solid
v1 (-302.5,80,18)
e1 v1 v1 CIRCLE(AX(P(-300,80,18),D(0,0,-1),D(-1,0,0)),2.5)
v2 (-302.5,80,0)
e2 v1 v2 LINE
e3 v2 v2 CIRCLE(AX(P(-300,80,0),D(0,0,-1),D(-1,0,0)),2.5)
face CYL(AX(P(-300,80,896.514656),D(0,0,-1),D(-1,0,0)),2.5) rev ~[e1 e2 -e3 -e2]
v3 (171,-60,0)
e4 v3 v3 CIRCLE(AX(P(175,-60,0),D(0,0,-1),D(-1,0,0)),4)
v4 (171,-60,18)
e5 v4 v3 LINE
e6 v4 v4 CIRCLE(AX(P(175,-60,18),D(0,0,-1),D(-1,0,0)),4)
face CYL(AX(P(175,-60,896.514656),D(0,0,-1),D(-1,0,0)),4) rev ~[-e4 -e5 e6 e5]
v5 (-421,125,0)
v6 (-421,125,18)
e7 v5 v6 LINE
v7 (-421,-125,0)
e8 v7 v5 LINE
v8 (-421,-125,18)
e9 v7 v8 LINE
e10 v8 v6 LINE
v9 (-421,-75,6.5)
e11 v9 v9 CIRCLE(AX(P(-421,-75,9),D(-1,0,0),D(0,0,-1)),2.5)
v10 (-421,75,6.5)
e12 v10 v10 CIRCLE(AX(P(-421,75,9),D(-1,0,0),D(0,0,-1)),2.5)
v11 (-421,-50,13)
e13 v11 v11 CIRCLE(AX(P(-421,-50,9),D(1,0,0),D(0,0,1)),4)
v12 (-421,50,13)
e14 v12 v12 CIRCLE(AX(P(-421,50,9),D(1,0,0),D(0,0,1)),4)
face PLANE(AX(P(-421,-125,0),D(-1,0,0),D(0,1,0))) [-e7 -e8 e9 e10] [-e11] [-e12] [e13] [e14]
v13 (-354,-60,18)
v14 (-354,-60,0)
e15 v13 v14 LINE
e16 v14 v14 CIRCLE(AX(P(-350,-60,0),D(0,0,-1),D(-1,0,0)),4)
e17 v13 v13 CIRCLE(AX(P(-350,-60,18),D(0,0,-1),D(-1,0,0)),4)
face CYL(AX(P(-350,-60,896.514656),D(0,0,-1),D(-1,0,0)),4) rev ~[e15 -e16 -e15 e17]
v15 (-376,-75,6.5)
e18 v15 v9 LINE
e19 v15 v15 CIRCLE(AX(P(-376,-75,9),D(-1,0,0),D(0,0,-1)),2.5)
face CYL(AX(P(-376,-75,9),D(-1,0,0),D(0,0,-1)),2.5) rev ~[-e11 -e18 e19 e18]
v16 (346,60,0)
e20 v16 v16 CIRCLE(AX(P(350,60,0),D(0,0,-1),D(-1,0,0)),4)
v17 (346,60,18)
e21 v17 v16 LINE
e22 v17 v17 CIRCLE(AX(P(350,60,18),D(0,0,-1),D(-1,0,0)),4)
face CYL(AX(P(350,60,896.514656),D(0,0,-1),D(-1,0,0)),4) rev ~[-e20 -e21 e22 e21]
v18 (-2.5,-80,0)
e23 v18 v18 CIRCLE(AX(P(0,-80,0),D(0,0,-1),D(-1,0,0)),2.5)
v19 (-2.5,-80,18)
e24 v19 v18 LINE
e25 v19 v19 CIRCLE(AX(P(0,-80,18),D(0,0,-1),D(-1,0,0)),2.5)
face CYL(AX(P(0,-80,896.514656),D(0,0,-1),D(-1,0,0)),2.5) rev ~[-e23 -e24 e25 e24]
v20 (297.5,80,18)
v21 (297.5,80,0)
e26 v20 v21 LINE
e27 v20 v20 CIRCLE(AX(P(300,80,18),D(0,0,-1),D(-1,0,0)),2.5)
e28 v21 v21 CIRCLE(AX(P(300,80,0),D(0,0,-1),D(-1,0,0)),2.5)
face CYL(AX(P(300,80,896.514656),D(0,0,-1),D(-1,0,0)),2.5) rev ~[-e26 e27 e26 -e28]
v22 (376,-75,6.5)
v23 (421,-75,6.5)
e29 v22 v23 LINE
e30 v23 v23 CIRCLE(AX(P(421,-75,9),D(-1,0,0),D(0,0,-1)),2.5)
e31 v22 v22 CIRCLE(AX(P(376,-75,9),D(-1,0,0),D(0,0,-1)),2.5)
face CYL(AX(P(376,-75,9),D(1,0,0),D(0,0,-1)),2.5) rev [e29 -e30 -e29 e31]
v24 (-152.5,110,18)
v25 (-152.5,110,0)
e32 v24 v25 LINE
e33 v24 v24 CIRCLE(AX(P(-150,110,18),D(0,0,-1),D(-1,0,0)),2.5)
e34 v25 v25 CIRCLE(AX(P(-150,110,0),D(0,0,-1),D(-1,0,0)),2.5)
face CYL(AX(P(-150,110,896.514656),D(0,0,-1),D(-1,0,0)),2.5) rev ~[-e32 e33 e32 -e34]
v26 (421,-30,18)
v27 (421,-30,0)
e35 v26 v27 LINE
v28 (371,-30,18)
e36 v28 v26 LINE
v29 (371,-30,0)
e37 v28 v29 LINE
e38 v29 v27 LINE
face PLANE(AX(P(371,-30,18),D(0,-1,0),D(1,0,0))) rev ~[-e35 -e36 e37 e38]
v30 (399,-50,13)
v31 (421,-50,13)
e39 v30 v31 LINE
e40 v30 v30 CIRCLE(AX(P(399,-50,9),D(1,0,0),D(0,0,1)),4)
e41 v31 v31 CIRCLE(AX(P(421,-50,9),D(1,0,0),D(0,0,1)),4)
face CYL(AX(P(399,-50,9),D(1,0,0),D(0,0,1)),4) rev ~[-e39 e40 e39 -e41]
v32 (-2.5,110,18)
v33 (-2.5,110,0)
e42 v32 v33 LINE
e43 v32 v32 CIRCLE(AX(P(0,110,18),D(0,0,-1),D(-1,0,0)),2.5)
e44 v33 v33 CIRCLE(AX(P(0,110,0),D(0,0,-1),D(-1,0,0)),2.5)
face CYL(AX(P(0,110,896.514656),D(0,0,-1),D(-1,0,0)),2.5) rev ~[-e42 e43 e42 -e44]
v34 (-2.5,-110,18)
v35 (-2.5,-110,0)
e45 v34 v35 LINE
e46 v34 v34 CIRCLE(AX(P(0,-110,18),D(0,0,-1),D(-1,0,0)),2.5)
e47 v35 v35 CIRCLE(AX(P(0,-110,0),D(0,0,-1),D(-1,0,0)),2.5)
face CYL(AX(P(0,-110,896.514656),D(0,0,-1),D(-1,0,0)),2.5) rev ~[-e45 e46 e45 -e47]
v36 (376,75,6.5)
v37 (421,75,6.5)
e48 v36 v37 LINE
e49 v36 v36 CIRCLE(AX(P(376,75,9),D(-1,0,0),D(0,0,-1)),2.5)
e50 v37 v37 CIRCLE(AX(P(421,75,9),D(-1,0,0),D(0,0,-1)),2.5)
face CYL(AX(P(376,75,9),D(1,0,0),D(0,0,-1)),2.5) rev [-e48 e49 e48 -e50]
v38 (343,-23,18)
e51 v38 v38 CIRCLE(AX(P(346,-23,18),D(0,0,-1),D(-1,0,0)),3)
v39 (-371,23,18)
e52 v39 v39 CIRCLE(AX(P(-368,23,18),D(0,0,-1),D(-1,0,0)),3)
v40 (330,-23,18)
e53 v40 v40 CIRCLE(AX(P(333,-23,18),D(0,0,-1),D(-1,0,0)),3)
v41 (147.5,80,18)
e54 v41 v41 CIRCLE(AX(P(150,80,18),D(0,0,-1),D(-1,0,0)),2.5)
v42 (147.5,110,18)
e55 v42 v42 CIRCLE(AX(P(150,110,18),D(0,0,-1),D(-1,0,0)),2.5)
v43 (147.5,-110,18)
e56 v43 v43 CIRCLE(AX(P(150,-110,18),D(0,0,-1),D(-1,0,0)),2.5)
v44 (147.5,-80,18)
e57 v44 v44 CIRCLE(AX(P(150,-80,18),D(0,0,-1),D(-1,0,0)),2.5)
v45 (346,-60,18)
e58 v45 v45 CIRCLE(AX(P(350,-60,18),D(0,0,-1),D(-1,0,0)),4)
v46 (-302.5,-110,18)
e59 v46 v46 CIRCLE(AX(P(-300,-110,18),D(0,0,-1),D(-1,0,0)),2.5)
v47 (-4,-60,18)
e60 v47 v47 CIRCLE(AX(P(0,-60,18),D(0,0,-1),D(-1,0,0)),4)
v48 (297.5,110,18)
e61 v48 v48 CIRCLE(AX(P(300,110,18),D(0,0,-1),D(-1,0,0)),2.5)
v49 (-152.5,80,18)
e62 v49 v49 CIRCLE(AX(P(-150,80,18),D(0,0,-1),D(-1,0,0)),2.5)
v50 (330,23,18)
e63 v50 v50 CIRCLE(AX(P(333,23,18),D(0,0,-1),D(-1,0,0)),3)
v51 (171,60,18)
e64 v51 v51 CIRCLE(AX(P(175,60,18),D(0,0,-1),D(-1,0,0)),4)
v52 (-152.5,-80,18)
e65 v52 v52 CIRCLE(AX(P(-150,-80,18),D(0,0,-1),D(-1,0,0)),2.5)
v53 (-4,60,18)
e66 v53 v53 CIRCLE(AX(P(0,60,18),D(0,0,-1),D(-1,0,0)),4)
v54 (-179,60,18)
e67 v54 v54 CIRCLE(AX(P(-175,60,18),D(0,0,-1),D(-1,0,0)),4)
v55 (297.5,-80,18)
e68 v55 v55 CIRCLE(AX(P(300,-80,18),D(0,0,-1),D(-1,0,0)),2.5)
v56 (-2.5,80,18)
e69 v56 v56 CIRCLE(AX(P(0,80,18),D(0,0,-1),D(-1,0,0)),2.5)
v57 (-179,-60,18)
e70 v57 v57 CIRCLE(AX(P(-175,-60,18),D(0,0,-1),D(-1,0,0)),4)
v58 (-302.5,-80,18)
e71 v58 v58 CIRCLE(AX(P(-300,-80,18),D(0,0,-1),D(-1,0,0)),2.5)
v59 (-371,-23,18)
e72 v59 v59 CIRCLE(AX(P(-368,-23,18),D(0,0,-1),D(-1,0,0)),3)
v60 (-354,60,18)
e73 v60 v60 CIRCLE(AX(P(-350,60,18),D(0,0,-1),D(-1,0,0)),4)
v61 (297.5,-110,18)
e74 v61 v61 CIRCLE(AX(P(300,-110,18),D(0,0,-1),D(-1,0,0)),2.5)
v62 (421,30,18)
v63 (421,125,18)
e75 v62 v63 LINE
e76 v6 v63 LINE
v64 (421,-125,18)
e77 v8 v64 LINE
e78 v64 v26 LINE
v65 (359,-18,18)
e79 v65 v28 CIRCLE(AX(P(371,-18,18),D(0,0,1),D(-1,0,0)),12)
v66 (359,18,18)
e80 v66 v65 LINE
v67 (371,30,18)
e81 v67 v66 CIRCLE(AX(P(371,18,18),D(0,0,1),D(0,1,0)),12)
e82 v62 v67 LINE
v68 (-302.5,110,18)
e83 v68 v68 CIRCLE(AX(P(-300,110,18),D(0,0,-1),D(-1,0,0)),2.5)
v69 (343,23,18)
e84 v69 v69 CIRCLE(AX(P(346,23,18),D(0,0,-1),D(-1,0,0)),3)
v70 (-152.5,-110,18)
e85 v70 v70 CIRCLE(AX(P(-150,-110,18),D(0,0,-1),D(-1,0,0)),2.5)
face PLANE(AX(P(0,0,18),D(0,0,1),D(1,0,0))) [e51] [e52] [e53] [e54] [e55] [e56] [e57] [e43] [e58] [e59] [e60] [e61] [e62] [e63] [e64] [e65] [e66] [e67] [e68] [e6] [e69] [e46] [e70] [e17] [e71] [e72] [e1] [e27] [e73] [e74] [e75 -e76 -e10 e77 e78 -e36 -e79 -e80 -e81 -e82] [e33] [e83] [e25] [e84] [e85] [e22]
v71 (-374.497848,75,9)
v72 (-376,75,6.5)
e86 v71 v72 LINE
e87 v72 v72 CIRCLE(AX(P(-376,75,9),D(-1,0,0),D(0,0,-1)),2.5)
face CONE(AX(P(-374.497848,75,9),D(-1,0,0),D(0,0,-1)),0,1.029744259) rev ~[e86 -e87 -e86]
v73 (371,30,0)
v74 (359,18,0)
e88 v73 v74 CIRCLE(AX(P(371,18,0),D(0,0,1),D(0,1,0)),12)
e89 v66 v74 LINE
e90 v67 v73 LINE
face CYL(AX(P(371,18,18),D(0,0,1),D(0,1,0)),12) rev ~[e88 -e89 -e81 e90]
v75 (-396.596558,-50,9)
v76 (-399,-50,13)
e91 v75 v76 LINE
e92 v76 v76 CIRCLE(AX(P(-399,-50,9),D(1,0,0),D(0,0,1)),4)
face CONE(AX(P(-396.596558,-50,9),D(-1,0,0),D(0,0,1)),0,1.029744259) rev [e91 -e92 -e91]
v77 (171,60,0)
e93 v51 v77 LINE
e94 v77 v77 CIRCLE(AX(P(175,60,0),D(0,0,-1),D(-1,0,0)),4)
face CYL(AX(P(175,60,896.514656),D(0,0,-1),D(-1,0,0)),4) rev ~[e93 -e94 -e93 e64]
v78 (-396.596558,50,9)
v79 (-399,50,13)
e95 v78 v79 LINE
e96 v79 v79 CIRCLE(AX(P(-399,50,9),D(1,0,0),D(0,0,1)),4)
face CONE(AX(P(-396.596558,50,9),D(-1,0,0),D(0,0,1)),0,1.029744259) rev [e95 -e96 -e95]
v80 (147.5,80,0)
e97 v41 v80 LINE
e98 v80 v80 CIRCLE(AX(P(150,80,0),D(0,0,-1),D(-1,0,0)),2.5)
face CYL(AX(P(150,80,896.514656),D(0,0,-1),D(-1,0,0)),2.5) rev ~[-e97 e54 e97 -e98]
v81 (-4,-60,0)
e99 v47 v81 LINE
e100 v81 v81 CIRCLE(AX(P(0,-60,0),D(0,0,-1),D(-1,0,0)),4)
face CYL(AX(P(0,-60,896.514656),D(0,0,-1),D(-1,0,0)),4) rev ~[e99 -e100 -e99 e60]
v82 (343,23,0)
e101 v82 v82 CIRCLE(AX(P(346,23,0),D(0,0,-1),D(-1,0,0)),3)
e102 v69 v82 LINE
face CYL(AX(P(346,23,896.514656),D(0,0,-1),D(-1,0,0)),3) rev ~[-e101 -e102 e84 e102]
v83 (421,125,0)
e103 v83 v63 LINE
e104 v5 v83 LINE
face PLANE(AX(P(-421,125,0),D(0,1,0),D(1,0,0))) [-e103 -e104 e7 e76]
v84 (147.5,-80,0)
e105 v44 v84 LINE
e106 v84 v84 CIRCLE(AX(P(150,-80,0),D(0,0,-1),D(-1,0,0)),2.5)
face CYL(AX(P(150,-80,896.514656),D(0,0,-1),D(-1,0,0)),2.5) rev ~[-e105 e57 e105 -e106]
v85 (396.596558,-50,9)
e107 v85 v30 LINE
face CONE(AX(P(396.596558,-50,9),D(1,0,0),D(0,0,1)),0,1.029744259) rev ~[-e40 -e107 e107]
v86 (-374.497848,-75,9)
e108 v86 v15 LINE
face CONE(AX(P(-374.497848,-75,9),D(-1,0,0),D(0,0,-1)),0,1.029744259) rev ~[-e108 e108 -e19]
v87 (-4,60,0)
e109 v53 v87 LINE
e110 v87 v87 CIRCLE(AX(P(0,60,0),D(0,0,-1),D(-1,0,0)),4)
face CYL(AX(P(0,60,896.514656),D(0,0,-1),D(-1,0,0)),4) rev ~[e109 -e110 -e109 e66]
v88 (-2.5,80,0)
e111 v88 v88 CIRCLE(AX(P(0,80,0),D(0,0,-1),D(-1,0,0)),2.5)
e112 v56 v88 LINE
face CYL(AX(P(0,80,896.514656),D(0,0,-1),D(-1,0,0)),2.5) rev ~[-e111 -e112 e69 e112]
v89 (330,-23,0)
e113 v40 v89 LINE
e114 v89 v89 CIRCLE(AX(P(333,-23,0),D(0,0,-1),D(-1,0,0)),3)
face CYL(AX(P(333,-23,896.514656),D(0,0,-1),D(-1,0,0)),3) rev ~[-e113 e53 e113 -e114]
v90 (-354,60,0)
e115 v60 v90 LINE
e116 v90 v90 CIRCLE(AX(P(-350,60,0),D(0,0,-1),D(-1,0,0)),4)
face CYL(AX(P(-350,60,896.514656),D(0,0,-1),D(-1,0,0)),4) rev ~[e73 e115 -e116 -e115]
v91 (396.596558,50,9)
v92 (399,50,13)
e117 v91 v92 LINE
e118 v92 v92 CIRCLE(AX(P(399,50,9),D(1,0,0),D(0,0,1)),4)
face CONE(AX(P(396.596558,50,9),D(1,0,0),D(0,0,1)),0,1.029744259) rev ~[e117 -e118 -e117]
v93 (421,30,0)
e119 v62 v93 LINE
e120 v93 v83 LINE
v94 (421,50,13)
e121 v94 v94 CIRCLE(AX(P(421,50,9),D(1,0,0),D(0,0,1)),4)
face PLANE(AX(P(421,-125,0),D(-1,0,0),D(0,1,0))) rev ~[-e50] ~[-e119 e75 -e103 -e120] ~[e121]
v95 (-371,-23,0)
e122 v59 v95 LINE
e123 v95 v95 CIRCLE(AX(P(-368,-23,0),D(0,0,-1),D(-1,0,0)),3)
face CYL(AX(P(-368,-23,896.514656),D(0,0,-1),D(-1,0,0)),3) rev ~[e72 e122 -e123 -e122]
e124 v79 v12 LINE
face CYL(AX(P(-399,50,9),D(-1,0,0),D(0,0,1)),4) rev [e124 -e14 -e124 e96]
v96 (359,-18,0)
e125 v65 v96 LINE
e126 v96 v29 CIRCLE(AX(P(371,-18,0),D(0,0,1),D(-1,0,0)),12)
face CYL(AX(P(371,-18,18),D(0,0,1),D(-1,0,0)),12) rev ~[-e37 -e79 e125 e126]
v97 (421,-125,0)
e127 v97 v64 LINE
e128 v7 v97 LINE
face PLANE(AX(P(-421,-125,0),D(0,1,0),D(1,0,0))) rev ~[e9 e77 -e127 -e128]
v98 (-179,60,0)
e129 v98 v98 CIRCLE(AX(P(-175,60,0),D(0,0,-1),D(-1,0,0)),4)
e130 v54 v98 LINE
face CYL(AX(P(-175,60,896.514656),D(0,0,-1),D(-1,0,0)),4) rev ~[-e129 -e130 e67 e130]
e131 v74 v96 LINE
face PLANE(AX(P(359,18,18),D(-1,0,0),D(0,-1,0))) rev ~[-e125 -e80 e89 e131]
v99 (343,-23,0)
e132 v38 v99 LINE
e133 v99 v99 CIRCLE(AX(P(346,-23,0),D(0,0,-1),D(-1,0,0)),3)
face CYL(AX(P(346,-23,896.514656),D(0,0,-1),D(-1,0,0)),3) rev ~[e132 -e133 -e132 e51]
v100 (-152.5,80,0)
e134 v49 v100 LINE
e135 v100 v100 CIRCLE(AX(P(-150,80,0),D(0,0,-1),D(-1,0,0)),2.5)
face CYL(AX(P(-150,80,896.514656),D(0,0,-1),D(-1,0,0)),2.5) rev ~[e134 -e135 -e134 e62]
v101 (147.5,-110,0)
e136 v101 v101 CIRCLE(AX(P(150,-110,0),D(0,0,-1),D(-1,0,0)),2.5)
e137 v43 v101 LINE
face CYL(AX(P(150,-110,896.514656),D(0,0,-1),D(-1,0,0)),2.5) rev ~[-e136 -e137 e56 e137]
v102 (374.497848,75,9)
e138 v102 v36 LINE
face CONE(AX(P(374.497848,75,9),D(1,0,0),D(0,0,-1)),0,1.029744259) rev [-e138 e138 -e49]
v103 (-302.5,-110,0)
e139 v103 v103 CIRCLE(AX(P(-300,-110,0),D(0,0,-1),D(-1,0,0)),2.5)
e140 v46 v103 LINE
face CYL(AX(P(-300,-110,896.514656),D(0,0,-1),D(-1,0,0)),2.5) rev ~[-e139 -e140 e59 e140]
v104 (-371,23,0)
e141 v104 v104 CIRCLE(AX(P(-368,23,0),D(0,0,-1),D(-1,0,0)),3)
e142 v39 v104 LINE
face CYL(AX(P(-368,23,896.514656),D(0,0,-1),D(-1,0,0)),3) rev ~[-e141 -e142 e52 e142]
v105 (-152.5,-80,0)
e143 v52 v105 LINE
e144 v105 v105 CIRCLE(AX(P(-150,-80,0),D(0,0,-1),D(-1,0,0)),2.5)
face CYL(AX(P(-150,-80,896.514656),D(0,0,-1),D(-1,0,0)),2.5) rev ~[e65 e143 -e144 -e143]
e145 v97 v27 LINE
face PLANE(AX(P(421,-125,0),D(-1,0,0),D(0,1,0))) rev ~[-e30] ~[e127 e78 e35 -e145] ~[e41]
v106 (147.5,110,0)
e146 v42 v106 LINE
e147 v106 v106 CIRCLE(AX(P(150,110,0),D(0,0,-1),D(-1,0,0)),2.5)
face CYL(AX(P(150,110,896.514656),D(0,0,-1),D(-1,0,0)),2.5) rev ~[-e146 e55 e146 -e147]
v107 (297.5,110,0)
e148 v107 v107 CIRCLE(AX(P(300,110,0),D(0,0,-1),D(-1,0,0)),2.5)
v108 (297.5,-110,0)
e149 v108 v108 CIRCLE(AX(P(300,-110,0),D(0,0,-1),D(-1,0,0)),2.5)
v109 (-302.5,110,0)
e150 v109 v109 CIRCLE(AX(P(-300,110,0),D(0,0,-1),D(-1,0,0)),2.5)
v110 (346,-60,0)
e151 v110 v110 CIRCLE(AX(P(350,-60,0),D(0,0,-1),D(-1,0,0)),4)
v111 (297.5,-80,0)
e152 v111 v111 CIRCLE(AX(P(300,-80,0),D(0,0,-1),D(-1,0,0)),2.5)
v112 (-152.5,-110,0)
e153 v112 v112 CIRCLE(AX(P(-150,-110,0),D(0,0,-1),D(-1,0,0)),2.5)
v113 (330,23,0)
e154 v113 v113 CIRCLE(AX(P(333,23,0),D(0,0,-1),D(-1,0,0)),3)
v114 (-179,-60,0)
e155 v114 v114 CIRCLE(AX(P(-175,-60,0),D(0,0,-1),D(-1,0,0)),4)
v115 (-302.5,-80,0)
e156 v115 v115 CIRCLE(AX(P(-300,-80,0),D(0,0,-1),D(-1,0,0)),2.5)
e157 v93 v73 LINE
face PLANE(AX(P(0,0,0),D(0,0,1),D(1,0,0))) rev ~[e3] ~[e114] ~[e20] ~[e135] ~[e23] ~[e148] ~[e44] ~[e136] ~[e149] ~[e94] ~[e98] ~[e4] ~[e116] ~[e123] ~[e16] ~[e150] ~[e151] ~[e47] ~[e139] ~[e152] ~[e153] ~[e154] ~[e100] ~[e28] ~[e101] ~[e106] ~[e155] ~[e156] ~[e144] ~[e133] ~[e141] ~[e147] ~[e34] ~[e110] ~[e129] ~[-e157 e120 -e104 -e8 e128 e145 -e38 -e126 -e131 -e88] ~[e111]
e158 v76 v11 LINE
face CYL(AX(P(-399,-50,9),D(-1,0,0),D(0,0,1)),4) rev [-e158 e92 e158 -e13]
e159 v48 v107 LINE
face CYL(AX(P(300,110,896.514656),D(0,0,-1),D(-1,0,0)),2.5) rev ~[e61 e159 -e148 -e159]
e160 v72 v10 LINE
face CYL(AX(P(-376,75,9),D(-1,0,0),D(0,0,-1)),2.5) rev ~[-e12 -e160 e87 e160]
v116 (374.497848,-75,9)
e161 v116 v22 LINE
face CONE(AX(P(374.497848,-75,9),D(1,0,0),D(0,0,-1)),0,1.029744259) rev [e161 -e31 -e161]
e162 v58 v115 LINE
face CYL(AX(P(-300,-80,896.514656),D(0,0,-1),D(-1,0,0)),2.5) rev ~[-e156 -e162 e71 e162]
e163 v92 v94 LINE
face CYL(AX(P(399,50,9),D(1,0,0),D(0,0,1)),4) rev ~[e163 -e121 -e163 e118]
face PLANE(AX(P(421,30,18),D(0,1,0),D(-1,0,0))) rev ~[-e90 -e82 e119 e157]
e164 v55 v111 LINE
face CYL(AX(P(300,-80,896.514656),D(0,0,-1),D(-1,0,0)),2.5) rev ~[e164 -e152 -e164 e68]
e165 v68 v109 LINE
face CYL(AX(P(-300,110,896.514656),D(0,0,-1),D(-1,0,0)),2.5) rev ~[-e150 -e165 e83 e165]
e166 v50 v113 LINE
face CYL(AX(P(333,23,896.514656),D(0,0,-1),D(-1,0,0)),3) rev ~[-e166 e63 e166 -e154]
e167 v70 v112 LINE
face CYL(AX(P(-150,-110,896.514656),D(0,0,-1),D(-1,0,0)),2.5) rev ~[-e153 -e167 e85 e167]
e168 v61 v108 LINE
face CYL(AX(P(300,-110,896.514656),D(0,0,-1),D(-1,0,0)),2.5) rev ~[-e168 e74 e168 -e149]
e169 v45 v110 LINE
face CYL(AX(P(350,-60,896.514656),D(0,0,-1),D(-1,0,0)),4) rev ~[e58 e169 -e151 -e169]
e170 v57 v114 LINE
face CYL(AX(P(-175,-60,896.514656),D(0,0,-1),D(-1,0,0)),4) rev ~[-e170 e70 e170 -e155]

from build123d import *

# Parameters (mm, degrees)
SKETCH1_W                           = 842
SKETCH1_H                           = 250
BOSS_EXTRUDE1_DEPTH                 = 18
OTWORY_USTALAJ_CE_5_0MM1_D          = 5
OTWORY_USTALAJ_CE_6_0MM1_D          = 6
OTWORY_USTALAJ_CE_8_0MM1_D          = 8
OTWORY_USTALAJ_CE_5_0MM2_AT_2_COUNT = 2
OTWORY_USTALAJ_CE_5_0MM2_AT_2_PITCH = 150
WYTNIJ_WYCI_GNI_CIE1_DEPTH          = 440.533843976
OTW_R_8_0_8_1_AT_2_COUNT            = 2
OTW_R_8_0_8_1_AT_2_PITCH            = 100


with BuildPart() as part:
    # Sketch1 → Boss-Extrude1 (new body)
    with BuildSketch(Plane.XY):
        Rectangle(SKETCH1_W, SKETCH1_H)
    extrude(amount=BOSS_EXTRUDE1_DEPTH)

    # Otwory ustalające Ø5.0mm1 (through all)
    with Locations(Plane.XY.offset(18)):
        with Locations((-300, 110), (-300, 80), (-150, 110), (-150, 80), (0, 110), (0, 80), (150, 110), (150, 80), (300, 110), (300, 80), (-300, -80), (-300, -110), (-150, -80), (-150, -110), (0, -80), (0, -110), (150, -80), (150, -110), (300, -80), (300, -110)):
            Hole(OTWORY_USTALAJ_CE_5_0MM1_D / 2)

    # Otwory ustalające Ø6.0mm1 (through all)
    with Locations(Plane.XY.offset(18)):
        with Locations((-368, 23), (-368, -23), (333, 23), (346, 23), (333, -23), (346, -23)):
            Hole(OTWORY_USTALAJ_CE_6_0MM1_D / 2)

    # Otwory ustalające Ø8.0mm1 (through all)
    with Locations(Plane.XY.offset(18)):
        with Locations((-350, 60), (-175, 60), (0, 60), (175, 60), (350, 60), (350, -60), (175, -60), (0, -60), (-175, -60), (-350, -60)):
            Hole(OTWORY_USTALAJ_CE_8_0MM1_D / 2)

    # Szkic9 → Otwory ustalające Ø5.0mm2 (revolve, cut)
    with BuildSketch(Plane(origin=(421, 75, 9), x_dir=(0, 0, -1), z_dir=(0, 1, 0))):
        Polygon((0, 0), (0, 46.502151548), (2.5, 45), (2.5, 0), align=None)
    otwory_ustalaj_ce_5_0mm2 = revolve(axis=Axis((427.35, 75, 9), (-1, 0, 0)), mode=Mode.SUBTRACT)

    # Otwory ustalające Ø5.0mm2 at 2: Otwory ustalające Ø5.0mm2 ×2
    with Locations(*[(0, -i * OTWORY_USTALAJ_CE_5_0MM2_AT_2_PITCH, 0) for i in range(1, OTWORY_USTALAJ_CE_5_0MM2_AT_2_COUNT)]):
        add(otwory_ustalaj_ce_5_0mm2, mode=Mode.SUBTRACT)

    # Lustro1: Otwory ustalające Ø5.0mm2 across plane
    add(otwory_ustalaj_ce_5_0mm2.mirror(Plane.ZY), mode=Mode.SUBTRACT)

    # Lustro1 copy 1 sketch → Lustro1 copy 1 (revolve, cut)
    with BuildSketch(Plane(origin=(-421, -75, 9), x_dir=(0, 0, -1), z_dir=(0, 1, 0))):
        Polygon((0, 0), (0, -46.502151548), (2.5, -45), (2.5, 0), align=None)
    revolve(axis=Axis((-427.35, -75, 9), (-1, 0, 0)), mode=Mode.SUBTRACT)

    # Szkic10 → Wytnij-wyciągnięcie1 (cut, through all)
    with BuildSketch(Plane.XY.offset(18)):
        with BuildLine():
            Line((421, 30), (371, 30))
            ThreePointArc((371, 30), (362.514718626, 26.485281374), (359, 18))
            Line((359, 18), (359, -18))
            ThreePointArc((359, -18), (362.514718626, -26.485281374), (371, -30))
            Line((371, -30), (421, -30))
            Line((421, -30), (421, 30))
        make_face()
    extrude(amount=-WYTNIJ_WYCI_GNI_CIE1_DEPTH, mode=Mode.SUBTRACT)

    # Szkic11 → Otwór Ø8.0 (8)1 (revolve, cut)
    with BuildSketch(Plane(origin=(-421, 50, 9), x_dir=(0, 0, 1), z_dir=(0, 1, 0))):
        Polygon((0, 0), (0, 24.403442476), (4, 22), (4, 0), align=None)
    otw_r_8_0_8_1 = revolve(axis=Axis((-427.35, 50, 9), (1, 0, 0)), mode=Mode.SUBTRACT)

    # Otwór Ø8.0 (8)1 at 2: Otwór Ø8.0 (8)1 ×2
    with Locations(*[(0, -i * OTW_R_8_0_8_1_AT_2_PITCH, 0) for i in range(1, OTW_R_8_0_8_1_AT_2_COUNT)]):
        add(otw_r_8_0_8_1, mode=Mode.SUBTRACT)

    # Lustro2: Otwór Ø8.0 (8)1 across plane
    add(otw_r_8_0_8_1.mirror(Plane.ZY), mode=Mode.SUBTRACT)

    # Lustro2 copy 1 sketch → Lustro2 copy 1 (revolve, cut)
    with BuildSketch(Plane(origin=(421, -50, 9), x_dir=(0, 0, 1), z_dir=(0, 1, 0))):
        Polygon((0, 0), (0, -24.403442476), (4, -22), (4, 0), align=None)
    revolve(axis=Axis((427.35, -50, 9), (1, 0, 0)), mode=Mode.SUBTRACT)


solid = part.part
